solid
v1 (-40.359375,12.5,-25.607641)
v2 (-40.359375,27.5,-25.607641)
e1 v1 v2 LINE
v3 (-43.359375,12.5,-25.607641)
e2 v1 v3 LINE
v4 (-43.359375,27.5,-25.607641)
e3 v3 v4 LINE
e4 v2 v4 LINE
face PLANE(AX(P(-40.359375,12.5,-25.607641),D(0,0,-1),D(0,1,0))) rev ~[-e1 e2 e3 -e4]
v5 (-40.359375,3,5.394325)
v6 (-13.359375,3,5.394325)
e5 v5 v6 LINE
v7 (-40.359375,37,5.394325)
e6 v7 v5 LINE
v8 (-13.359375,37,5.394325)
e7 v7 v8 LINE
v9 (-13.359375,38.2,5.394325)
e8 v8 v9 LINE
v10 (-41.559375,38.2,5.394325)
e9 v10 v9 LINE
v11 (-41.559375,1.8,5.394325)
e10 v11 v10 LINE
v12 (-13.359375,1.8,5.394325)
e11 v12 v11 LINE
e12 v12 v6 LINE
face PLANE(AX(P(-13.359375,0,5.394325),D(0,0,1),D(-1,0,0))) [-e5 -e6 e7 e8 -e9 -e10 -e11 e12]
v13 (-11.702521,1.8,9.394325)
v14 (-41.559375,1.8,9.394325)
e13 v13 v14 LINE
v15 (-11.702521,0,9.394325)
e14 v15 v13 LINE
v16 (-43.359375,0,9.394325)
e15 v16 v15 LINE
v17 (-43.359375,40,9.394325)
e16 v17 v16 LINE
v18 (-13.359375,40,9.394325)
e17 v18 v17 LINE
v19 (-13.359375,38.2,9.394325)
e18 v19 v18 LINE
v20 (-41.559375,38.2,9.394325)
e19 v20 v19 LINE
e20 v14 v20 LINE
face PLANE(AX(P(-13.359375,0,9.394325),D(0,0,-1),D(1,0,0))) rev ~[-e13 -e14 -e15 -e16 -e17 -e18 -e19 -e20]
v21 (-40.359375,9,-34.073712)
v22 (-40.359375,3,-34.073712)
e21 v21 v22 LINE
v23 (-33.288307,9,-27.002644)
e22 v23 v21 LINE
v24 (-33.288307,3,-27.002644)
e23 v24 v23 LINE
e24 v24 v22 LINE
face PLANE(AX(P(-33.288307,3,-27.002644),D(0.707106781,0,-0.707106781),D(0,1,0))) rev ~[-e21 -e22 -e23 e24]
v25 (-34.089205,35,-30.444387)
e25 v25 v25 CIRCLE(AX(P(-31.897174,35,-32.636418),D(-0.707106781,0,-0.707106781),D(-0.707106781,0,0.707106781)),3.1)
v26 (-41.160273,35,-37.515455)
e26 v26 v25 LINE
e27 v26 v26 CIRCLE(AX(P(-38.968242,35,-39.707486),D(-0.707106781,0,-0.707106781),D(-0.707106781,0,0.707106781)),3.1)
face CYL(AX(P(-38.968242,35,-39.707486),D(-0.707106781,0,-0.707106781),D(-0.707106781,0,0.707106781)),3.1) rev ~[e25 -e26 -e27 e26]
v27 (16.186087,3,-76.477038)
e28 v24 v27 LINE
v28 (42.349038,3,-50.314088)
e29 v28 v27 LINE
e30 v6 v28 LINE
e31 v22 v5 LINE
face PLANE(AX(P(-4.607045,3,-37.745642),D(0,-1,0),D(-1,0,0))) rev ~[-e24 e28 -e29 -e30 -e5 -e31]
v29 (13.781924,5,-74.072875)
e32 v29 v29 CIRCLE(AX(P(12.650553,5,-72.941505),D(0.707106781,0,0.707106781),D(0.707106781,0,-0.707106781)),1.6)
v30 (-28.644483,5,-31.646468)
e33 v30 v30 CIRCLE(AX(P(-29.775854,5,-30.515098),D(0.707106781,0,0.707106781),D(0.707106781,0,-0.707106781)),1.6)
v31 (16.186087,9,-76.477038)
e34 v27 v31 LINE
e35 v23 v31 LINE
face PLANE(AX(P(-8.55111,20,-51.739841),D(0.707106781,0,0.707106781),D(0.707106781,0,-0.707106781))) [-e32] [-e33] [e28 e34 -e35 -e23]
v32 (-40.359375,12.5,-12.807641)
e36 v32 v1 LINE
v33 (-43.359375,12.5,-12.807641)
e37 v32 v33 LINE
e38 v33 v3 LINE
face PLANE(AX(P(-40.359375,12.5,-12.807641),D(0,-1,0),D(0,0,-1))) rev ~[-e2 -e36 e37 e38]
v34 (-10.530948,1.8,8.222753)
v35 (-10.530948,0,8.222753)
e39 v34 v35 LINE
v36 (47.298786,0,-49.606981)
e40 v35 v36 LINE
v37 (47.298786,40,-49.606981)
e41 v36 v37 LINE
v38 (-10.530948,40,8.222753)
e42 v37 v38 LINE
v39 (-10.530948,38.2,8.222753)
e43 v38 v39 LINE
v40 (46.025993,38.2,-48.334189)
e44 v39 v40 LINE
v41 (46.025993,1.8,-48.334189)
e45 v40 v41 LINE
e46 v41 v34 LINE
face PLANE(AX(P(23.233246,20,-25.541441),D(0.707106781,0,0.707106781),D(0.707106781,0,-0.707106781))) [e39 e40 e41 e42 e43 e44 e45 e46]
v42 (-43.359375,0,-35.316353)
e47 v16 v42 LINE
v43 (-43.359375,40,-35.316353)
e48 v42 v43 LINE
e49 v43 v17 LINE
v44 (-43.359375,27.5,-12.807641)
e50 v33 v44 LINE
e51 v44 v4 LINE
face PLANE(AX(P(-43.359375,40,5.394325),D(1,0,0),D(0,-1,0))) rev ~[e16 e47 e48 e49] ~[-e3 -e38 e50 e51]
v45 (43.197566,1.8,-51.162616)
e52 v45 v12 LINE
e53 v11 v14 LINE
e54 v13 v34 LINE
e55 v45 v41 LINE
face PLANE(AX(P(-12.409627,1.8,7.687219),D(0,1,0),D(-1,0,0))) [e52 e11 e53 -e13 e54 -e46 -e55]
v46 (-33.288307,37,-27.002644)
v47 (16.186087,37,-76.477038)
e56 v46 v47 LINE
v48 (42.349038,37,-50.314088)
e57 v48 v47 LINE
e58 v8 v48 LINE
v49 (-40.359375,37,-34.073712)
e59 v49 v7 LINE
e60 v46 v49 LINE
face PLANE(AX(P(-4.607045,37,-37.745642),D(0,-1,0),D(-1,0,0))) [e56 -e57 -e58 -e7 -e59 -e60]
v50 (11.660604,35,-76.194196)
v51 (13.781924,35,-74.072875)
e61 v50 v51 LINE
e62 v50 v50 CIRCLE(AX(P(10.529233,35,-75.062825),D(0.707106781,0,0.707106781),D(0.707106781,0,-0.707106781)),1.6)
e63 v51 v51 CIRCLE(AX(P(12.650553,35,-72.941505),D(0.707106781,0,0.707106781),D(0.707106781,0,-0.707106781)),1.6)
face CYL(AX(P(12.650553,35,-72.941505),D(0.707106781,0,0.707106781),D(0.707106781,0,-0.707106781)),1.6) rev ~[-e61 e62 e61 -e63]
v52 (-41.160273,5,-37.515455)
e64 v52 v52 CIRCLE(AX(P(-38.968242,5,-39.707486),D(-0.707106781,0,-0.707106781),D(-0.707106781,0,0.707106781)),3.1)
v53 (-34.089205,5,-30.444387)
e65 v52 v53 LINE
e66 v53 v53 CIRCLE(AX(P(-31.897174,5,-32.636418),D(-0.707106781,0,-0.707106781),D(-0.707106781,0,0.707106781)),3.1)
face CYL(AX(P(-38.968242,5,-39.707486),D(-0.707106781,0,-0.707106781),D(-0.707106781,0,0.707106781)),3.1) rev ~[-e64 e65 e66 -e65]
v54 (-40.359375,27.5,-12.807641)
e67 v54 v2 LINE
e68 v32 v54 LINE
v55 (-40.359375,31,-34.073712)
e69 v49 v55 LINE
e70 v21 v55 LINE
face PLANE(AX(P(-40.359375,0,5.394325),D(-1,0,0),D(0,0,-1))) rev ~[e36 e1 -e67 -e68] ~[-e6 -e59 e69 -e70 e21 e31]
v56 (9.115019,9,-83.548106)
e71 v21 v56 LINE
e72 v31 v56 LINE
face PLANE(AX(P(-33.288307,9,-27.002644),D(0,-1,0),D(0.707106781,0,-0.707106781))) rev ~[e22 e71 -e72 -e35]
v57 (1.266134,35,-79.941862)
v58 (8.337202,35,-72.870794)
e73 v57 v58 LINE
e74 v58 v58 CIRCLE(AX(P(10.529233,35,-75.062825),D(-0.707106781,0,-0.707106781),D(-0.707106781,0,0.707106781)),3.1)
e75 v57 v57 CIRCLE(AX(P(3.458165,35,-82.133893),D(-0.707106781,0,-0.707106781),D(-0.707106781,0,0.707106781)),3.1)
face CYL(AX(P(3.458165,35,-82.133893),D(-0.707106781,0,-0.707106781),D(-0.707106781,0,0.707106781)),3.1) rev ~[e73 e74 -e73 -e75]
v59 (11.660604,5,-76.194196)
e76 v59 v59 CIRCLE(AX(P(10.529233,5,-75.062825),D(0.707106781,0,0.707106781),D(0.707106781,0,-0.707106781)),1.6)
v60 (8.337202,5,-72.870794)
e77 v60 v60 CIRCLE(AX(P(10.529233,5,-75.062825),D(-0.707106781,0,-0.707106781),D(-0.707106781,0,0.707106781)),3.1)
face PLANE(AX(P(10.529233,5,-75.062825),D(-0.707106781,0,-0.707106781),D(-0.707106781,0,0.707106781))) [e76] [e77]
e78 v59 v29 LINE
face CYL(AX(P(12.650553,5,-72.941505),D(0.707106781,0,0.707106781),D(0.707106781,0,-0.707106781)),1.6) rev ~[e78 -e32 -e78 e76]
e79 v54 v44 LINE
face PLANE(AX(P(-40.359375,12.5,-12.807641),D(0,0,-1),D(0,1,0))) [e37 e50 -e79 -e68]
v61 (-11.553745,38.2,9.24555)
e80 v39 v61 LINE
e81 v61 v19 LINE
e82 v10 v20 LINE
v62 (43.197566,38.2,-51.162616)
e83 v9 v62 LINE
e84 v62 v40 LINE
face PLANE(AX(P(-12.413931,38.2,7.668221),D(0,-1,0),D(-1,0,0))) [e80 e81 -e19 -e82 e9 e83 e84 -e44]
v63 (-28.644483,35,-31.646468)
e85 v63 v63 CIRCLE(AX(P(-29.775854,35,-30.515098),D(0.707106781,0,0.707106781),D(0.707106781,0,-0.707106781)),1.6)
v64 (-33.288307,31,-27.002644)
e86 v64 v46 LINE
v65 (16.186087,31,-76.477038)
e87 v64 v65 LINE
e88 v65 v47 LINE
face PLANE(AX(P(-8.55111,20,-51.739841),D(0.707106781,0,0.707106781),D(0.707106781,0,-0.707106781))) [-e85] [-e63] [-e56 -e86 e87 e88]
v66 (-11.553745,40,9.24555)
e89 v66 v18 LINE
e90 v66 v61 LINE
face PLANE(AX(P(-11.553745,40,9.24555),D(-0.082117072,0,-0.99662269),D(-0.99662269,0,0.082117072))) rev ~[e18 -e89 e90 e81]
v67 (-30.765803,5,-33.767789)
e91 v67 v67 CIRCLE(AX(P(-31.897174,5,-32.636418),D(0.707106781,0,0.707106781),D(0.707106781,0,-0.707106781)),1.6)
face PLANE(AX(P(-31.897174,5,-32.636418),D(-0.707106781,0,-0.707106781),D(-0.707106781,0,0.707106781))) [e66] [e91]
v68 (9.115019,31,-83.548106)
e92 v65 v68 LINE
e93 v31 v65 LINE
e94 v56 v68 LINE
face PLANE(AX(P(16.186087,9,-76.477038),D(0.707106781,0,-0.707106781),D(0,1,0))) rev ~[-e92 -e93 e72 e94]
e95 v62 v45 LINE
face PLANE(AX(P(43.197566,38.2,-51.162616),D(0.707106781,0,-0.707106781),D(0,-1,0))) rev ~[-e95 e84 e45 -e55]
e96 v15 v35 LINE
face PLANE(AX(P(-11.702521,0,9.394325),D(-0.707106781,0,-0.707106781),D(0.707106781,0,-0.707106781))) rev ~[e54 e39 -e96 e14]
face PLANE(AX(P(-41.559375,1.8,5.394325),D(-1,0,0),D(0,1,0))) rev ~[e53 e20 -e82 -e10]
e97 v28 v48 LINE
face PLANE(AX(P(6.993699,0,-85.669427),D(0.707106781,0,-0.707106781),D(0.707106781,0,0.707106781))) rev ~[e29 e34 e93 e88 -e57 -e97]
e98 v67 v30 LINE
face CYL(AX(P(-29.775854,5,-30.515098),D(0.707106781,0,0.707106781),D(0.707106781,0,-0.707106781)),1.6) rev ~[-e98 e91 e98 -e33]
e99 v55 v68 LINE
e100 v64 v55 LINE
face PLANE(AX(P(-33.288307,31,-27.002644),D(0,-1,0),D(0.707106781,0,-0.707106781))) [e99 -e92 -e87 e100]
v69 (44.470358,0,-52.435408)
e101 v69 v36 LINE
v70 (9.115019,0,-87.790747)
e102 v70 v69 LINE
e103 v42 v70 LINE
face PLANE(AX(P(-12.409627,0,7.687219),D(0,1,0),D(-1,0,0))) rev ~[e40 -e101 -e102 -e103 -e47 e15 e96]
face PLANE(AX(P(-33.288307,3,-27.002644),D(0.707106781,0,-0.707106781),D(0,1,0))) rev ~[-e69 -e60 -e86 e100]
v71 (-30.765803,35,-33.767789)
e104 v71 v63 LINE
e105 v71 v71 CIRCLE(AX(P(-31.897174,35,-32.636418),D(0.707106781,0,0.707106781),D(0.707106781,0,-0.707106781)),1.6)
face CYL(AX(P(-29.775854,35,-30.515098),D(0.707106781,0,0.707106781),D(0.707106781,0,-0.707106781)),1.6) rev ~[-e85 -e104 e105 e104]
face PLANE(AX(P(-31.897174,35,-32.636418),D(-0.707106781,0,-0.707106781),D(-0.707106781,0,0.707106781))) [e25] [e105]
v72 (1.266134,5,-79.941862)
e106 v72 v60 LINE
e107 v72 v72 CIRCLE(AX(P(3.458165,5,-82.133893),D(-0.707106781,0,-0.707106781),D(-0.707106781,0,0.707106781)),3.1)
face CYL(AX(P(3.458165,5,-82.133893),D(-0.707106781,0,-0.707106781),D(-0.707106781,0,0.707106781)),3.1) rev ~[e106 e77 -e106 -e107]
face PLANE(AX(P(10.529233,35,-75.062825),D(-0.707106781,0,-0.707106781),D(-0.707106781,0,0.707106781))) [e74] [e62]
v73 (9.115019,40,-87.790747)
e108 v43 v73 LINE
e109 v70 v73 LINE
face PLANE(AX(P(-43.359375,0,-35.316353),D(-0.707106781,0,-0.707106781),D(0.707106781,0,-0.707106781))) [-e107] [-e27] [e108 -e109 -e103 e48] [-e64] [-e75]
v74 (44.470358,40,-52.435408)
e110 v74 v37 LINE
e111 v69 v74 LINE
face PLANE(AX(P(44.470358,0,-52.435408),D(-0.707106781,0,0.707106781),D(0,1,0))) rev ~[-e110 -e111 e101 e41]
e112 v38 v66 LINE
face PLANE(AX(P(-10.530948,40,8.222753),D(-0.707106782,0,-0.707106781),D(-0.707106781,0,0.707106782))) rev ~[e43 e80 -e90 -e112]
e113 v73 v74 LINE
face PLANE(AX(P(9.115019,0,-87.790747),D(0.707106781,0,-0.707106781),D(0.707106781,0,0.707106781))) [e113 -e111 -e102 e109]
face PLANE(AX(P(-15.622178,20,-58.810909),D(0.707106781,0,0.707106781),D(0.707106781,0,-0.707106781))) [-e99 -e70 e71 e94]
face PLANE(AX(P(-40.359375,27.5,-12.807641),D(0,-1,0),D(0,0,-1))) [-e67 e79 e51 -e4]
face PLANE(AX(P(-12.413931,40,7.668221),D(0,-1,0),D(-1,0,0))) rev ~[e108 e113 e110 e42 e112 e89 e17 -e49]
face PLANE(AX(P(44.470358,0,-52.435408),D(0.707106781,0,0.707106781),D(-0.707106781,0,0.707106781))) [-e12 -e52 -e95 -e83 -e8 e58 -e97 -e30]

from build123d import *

# Parameters (mm, degrees)
BOSS_EXTRUDE1_DEPTH = 40
SHELL1_T            = -3
BOSS_EXTRUDE2_DEPTH = 4
BOSS_EXTRUDE3_DEPTH = 4
BOSS_EXTRUDE4_DEPTH = 1.8
BOSS_EXTRUDE5_DEPTH = 1.8
SKETCH10_R          = 1.6
CUT_EXTRUDE6_DEPTH  = 107.30423742
SKETCH11_W          = 12.8
SKETCH11_H          = 15
CUT_EXTRUDE7_DEPTH  = 3
BOSS_EXTRUDE7_START = 10
SKETCH12_W          = 69.967359313
SKETCH12_H          = 34
SKETCH12_R          = 1.6
BOSS_EXTRUDE7_DEPTH = 10
SKETCH13_R          = 3.1
CUT_EXTRUDE9_DEPTH  = 10
SKETCH14_W          = 69.967359313
SKETCH14_H          = 22
CUT_EXTRUDE10_DEPTH = 10


with BuildPart() as part:
    # Sketch1 → Boss-Extrude1 (new body)
    with BuildSketch(Plane(origin=(0, 0, 0), x_dir=(1, 0, 0), z_dir=(0, 1, 0))):
        Polygon((-43.359374855, -5.394325428), (-43.359374855, 35.316352691), (9.115019377, 87.790746923), (44.470358437, 52.435407864), (-13.359374855, -5.394325428), align=None)
    extrude(amount=BOSS_EXTRUDE1_DEPTH)

    # Shell1
    shell1_openings = [part.faces().sort_by_distance(p)[0] for p in [
        (15.555491791, 20, -23.520541218),
        (-28.359374855, 20, 5.394325428),
    ]]
    offset(amount=SHELL1_T, openings=shell1_openings, kind=Kind.INTERSECTION)

    # Sketch6 → Boss-Extrude2 (add)
    with BuildSketch(Plane(origin=(-3.982524714, 0, -3.982524714), x_dir=(0.7071067811865489, 0, -0.7071067811865462), z_dir=(0.7071067811865462, 0, 0.7071067811865489))):
        Polygon((-13.260868642, 38.2), (66.722724487, 38.2), (66.722724487, 1.8), (-13.260868642, 1.8), (-13.260868642, 0), (68.522724487, 0), (68.522724487, 40), (-13.260868642, 40), align=None)
    extrude(amount=BOSS_EXTRUDE2_DEPTH)

    # Sketch7 → Boss-Extrude3 (add)
    with BuildSketch(Plane.XY.offset(5.394325428)):
        Polygon((-13.359374855, 1.8), (-41.559374855, 1.8), (-41.559374855, 38.2), (-13.359374855, 38.2), (-13.359374855, 40), (-43.359374855, 40), (-43.359374855, 0), (-13.359374855, 0), align=None)
    extrude(amount=BOSS_EXTRUDE3_DEPTH)

    # Sketch8 → Boss-Extrude4 (add)
    with BuildSketch(Plane.XZ):
        Polygon((-13.359374855, 9.394325428), (-11.702520605, 9.394325428), (-10.53094773, 8.222752552), (-13.359374855, 5.394325428), align=None)
    extrude(amount=-BOSS_EXTRUDE4_DEPTH)

    # Sketch9 → Boss-Extrude5 (add)
    with BuildSketch(Plane(origin=(0, 40, 0), x_dir=(1, 0, 0), z_dir=(0, 1, 0))):
        Polygon((-13.359374855, -5.394325428), (-10.53094773, -8.222752552), (-11.553745116, -9.245549939), (-13.359374855, -9.394325428), align=None)
    extrude(amount=-BOSS_EXTRUDE5_DEPTH)

    # Sketch10 → Cut-Extrude6 (cut, through all)
    with BuildSketch(Plane(origin=(-37.216543429, 0, -37.216543429), x_dir=(0.7071067811865488, 0, -0.7071067811865464), z_dir=(0.7071067811865464, 0, 0.7071067811865488))):
        with Locations((60.522724487, 35)):
            Circle(SKETCH10_R)
        with Locations((60.522724487, 5)):
            Circle(SKETCH10_R)
        with Locations((0.522724487, 35)):
            Circle(SKETCH10_R)
        with Locations((0.522724487, 5)):
            Circle(SKETCH10_R)
    extrude(amount=-CUT_EXTRUDE6_DEPTH, mode=Mode.SUBTRACT)

    # Sketch11 → Cut-Extrude7 (cut)
    with BuildSketch(Plane(origin=(-40.359374855, 0, 0), x_dir=(0, 0, -1), z_dir=(1, 0, 0))):
        with Locations((19.207640819, 20)):
            Rectangle(SKETCH11_W, SKETCH11_H)
    extrude(amount=-CUT_EXTRUDE7_DEPTH, mode=Mode.SUBTRACT)

    # Sketch12 → Boss-Extrude7 (add)
    with BuildSketch(Plane(origin=(-37.216543429, 0, -37.216543429), x_dir=(0.7071067811865488, 0, -0.7071067811865464), z_dir=(0.7071067811865464, 0, 0.7071067811865488)).offset(BOSS_EXTRUDE7_START)):
        with Locations((30.539044831, 20)):
            Rectangle(SKETCH12_W, SKETCH12_H)
        with Locations((0.522724487, 35)):
            Circle(SKETCH12_R, mode=Mode.SUBTRACT)
        with Locations((60.522724487, 35)):
            Circle(SKETCH12_R, mode=Mode.SUBTRACT)
        with Locations((60.522724487, 5)):
            Circle(SKETCH12_R, mode=Mode.SUBTRACT)
        with Locations((0.522724487, 5)):
            Circle(SKETCH12_R, mode=Mode.SUBTRACT)
    extrude(amount=-BOSS_EXTRUDE7_DEPTH)

    # Sketch13 → Cut-Extrude9 (cut)
    with BuildSketch(Plane(origin=(-39.337863773, 0, -39.337863773), x_dir=(-0.7071067811865488, 0, 0.7071067811865464), z_dir=(-0.7071067811865464, 0, -0.7071067811865488))):
        with Locations((-0.522724487, 35)):
            Circle(SKETCH13_R)
        with Locations((-0.522724487, 5)):
            Circle(SKETCH13_R)
        with Locations((-60.522724487, 5)):
            Circle(SKETCH13_R)
        with Locations((-60.522724487, 35)):
            Circle(SKETCH13_R)
    extrude(amount=-CUT_EXTRUDE9_DEPTH, mode=Mode.SUBTRACT)

    # Sketch14 → Cut-Extrude10 (cut)
    with BuildSketch(Plane(origin=(-30.145475617, 0, -30.145475617), x_dir=(0.7071067811865488, 0, -0.7071067811865462), z_dir=(0.7071067811865462, 0, 0.7071067811865488))):
        with Locations((30.539044831, 20)):
            Rectangle(SKETCH14_W, SKETCH14_H)
    extrude(amount=-CUT_EXTRUDE10_DEPTH, mode=Mode.SUBTRACT)


solid = part.part
